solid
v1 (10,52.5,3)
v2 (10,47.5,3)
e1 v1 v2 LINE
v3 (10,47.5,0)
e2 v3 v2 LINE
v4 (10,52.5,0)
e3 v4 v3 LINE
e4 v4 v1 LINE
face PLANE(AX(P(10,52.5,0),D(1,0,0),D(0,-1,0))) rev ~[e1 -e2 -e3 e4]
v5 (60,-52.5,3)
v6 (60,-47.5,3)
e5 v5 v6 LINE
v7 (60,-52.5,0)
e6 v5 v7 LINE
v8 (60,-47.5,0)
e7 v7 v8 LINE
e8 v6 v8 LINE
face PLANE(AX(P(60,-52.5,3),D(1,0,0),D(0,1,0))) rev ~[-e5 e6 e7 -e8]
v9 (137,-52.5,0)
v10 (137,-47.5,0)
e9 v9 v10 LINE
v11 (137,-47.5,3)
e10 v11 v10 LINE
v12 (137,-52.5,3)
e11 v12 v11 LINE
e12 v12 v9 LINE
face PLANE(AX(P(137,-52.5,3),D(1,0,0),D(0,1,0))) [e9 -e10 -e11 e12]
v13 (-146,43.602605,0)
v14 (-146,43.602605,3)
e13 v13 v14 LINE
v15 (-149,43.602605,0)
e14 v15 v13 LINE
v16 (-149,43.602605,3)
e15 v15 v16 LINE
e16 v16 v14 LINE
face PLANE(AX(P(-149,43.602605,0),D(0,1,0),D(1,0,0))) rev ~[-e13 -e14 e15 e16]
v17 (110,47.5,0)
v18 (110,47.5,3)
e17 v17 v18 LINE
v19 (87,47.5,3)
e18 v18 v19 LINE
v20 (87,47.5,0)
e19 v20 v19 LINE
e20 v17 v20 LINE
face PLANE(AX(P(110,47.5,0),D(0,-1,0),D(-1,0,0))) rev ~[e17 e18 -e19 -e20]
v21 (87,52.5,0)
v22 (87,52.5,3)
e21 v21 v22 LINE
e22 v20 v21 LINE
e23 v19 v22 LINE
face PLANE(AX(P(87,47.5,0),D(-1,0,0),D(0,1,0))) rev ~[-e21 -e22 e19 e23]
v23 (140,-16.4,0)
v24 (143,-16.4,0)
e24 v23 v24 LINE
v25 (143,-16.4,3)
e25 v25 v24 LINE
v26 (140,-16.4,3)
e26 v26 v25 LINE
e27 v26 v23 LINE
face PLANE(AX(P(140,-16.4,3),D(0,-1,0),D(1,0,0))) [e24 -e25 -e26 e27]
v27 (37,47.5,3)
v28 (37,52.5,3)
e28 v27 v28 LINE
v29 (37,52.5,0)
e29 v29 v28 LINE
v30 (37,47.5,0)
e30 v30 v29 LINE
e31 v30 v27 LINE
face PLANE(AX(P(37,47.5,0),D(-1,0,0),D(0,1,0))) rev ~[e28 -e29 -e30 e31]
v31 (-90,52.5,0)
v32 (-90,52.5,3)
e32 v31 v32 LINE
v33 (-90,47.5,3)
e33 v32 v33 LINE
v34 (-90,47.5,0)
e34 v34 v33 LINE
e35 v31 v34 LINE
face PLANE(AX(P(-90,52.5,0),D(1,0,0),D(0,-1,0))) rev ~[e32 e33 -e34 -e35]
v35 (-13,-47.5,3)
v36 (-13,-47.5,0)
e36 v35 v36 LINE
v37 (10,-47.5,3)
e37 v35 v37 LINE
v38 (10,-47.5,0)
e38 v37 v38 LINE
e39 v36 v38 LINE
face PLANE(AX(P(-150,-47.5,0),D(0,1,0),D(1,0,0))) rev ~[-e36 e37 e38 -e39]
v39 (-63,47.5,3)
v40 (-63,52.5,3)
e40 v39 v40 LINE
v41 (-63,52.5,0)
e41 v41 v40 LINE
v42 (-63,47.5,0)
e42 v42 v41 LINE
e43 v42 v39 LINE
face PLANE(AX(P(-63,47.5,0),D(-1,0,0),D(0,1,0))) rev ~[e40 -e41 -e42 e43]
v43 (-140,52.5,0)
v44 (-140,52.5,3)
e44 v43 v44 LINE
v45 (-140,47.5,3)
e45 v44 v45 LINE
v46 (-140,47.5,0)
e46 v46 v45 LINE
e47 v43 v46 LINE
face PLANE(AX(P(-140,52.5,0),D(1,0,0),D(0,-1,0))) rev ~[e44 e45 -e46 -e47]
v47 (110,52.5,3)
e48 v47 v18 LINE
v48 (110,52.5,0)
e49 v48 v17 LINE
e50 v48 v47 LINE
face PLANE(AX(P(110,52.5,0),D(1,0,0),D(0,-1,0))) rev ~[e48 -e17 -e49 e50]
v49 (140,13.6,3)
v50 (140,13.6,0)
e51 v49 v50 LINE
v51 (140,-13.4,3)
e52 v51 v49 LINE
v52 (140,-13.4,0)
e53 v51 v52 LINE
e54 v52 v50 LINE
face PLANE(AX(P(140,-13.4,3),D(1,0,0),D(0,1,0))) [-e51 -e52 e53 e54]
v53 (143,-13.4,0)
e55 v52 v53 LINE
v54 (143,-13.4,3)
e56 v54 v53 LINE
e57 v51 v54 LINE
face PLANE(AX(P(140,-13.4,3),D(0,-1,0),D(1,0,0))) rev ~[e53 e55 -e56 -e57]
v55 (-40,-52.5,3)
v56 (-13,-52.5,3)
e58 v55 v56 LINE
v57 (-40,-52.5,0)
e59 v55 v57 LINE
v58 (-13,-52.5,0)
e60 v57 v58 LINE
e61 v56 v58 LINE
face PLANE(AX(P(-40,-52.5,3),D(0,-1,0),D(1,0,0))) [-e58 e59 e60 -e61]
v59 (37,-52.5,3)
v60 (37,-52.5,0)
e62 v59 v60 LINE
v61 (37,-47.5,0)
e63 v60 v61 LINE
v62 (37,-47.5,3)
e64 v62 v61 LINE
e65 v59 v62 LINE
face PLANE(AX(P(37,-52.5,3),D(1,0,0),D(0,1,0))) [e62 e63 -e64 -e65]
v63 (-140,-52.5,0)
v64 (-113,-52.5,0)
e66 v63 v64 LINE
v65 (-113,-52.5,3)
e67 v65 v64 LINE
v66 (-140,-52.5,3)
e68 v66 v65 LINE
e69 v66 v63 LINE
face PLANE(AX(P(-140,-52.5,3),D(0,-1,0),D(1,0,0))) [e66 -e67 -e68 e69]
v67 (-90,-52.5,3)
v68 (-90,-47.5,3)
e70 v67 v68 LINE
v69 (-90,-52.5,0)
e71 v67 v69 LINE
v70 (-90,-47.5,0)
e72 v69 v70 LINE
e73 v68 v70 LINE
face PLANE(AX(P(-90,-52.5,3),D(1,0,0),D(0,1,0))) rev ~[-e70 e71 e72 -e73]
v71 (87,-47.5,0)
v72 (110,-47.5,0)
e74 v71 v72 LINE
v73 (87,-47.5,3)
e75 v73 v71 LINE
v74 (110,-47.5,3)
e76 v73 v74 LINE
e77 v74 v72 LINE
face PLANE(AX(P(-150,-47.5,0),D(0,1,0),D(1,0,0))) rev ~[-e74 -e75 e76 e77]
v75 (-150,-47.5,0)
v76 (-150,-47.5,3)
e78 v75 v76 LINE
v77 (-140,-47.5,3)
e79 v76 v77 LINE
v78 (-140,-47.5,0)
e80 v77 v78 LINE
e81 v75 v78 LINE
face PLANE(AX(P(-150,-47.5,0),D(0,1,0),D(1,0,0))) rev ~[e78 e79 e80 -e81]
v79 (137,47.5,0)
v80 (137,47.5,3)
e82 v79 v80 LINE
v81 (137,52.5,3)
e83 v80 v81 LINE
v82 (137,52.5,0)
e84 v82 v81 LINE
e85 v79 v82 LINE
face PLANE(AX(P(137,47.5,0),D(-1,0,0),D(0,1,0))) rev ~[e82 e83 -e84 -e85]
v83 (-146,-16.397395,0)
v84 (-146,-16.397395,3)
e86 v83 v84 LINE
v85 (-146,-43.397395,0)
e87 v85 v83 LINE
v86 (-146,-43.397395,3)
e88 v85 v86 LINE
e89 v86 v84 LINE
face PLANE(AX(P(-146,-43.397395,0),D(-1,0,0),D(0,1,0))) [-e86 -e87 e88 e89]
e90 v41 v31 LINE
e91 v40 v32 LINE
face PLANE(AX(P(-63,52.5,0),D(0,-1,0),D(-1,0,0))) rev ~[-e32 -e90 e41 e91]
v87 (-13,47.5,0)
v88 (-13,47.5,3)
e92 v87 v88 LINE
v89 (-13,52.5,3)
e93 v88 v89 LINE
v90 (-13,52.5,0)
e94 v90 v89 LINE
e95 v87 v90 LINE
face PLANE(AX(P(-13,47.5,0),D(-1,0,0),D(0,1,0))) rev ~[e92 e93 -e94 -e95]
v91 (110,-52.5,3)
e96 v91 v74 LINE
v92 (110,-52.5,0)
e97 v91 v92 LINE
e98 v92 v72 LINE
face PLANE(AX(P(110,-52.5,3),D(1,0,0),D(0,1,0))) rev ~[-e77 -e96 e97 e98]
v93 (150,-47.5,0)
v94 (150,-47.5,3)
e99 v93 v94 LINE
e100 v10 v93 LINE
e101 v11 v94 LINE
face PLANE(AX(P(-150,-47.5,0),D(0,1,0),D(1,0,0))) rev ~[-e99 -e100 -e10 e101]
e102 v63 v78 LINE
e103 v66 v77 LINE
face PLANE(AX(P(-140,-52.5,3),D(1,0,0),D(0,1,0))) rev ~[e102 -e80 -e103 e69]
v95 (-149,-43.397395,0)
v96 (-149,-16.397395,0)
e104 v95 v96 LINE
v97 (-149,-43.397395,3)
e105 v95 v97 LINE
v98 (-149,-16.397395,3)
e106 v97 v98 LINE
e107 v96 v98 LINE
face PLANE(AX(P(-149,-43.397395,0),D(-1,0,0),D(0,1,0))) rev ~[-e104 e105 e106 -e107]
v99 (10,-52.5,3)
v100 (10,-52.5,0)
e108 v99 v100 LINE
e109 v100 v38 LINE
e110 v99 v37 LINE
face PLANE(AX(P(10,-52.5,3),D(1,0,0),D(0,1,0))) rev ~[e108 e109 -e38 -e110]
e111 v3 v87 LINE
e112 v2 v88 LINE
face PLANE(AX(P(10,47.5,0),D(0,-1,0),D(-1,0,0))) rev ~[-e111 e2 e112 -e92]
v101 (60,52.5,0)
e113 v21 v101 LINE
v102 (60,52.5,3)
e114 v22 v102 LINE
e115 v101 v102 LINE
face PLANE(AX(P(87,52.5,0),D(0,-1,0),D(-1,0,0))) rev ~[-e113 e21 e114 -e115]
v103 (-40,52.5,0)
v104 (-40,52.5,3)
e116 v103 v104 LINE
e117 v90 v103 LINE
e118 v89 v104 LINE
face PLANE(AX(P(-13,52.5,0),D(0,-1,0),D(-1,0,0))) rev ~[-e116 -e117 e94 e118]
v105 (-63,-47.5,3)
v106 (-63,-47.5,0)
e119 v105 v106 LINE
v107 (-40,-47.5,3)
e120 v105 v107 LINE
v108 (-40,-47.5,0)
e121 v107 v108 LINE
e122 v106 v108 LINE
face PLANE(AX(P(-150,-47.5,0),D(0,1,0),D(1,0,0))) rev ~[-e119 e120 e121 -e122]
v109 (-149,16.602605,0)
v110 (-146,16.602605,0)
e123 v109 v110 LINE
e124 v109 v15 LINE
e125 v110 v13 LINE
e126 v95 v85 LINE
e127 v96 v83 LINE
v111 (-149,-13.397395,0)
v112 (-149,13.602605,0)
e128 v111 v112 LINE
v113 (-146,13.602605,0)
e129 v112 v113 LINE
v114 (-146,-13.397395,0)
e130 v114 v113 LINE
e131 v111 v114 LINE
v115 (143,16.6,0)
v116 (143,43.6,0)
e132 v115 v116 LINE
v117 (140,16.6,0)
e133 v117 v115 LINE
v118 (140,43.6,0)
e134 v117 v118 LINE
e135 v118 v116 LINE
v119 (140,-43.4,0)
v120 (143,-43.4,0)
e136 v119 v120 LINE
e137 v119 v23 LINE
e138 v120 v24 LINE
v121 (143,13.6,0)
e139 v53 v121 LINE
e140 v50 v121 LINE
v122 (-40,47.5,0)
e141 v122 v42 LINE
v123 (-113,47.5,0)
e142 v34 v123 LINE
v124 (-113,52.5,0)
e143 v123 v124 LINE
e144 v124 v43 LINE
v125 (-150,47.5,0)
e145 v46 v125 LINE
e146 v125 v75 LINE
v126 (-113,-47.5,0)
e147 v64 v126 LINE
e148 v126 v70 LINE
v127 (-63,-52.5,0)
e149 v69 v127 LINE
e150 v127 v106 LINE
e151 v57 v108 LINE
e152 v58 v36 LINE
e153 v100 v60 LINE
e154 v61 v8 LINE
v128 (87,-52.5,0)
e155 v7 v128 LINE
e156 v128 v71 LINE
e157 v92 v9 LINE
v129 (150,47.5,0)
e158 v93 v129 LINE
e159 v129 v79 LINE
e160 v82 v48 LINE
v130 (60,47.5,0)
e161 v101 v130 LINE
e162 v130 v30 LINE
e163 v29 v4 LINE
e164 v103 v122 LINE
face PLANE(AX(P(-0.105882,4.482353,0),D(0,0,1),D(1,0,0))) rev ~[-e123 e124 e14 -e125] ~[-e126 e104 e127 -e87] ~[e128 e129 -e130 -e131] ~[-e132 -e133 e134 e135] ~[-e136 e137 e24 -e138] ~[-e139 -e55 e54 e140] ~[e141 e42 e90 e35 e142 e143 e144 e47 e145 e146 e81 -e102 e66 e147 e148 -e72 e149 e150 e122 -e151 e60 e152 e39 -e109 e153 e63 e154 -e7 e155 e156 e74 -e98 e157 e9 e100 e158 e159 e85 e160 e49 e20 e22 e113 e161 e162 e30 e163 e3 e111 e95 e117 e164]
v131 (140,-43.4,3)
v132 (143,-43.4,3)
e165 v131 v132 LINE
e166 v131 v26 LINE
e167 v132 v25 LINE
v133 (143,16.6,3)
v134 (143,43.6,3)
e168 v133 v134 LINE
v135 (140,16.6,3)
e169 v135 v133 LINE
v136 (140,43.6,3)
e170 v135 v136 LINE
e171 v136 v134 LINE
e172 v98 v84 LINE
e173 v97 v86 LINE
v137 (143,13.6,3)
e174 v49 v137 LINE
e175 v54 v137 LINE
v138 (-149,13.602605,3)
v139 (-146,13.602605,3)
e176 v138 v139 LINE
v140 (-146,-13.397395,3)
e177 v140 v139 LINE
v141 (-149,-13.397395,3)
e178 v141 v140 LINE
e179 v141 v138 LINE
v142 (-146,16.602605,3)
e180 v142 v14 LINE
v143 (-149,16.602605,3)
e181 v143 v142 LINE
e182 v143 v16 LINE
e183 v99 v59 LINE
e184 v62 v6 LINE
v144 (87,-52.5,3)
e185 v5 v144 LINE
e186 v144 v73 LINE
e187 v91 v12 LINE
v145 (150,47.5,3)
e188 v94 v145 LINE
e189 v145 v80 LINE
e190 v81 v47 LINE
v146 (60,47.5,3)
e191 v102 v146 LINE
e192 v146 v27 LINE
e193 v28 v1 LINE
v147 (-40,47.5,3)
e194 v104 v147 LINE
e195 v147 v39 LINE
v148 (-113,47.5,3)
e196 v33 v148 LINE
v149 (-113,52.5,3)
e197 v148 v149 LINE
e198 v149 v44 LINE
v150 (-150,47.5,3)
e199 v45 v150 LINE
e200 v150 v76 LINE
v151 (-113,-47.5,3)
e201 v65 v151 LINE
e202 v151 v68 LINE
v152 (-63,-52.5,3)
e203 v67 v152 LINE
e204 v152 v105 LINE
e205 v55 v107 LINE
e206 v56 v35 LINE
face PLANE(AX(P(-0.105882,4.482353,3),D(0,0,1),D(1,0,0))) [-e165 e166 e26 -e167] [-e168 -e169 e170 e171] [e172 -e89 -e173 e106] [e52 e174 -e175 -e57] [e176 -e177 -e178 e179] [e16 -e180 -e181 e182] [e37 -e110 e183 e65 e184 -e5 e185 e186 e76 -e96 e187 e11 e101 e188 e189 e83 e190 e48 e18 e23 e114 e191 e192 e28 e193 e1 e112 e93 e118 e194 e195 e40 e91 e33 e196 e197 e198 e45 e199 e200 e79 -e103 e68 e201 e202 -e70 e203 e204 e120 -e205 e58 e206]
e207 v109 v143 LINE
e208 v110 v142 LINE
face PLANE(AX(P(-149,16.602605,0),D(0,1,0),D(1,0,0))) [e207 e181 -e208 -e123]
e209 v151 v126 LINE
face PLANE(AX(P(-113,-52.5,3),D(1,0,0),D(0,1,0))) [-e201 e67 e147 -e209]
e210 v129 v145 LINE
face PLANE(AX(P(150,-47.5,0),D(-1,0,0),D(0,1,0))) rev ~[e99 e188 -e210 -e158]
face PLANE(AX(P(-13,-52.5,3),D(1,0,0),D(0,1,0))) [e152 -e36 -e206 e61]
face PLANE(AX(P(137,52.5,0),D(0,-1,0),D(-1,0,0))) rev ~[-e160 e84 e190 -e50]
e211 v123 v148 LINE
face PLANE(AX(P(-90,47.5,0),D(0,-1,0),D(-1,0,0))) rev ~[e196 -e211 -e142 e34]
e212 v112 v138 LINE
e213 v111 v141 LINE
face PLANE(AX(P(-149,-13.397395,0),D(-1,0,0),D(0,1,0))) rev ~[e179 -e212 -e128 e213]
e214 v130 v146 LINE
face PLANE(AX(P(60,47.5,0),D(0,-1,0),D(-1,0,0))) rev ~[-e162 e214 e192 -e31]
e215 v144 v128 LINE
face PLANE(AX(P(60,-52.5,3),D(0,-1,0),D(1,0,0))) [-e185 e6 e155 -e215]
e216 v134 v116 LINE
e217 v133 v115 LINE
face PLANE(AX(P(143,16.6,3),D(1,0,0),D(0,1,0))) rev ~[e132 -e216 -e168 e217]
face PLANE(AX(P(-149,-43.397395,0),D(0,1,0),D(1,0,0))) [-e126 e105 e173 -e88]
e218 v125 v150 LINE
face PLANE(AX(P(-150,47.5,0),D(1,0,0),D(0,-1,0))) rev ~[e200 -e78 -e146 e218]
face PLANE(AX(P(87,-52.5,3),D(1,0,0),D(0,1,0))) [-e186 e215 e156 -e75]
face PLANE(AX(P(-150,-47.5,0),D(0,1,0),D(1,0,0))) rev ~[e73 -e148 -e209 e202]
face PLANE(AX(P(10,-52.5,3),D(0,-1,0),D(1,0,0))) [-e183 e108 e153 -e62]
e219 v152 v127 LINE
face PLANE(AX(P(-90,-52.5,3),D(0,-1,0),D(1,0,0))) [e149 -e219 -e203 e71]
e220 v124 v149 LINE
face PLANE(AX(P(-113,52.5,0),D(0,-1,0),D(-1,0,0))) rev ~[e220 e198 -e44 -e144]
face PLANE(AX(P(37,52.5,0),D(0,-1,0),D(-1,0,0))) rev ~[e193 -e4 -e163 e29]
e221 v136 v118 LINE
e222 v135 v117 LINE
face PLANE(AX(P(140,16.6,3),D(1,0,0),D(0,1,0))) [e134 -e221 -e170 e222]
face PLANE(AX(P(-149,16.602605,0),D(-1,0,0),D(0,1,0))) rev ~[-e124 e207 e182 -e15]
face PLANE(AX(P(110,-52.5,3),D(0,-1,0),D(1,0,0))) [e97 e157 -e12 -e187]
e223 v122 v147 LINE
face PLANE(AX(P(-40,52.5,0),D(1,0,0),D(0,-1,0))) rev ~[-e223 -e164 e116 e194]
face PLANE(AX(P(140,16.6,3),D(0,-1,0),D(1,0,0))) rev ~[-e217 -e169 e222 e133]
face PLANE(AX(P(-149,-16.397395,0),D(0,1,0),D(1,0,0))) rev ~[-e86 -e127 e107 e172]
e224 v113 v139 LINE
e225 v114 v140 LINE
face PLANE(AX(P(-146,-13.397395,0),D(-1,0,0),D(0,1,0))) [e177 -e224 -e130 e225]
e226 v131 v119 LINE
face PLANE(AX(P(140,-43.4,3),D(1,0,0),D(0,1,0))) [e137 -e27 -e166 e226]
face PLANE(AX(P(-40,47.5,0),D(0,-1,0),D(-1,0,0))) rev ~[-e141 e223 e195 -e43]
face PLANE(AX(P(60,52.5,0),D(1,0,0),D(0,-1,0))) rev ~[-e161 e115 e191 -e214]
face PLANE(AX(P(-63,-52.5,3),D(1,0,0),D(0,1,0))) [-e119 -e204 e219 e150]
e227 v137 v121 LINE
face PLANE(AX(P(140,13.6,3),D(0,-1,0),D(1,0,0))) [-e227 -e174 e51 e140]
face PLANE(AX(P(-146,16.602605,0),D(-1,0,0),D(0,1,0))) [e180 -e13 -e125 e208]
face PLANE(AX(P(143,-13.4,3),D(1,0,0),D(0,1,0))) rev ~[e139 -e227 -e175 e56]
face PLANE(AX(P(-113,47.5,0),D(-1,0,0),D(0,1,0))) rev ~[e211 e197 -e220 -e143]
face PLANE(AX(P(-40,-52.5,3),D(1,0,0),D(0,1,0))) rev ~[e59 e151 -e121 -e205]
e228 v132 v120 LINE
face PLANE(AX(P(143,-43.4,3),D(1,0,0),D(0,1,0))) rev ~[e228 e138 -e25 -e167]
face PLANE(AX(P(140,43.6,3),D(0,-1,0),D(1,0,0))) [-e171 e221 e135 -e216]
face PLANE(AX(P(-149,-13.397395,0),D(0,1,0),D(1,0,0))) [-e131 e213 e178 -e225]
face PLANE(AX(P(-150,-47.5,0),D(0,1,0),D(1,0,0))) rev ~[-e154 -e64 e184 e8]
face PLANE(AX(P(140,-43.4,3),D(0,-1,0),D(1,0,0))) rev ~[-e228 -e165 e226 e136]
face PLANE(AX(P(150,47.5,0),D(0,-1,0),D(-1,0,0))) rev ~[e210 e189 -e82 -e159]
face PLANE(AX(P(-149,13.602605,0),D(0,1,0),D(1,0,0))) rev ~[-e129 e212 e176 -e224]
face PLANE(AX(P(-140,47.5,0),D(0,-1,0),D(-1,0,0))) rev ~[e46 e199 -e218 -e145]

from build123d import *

# Parameters (mm, degrees)
SKETCH1_W           = 3
SKETCH1_H           = 27
BOSS_EXTRUDE1_DEPTH = 3
SKETCH2_W           = 3
SKETCH2_H           = 27
CUT_EXTRUDE1_DEPTH  = 10
SKETCH3_W           = 27
SKETCH3_H           = 5
BOSS_EXTRUDE3_DEPTH = 3


with BuildPart() as part:
    # Sketch1 → Boss-Extrude1 (new body)
    with BuildSketch(Plane.XY):
        Polygon((-90, 52.5), (-90, 47.5), (-113, 47.5), (-113, 52.5), (-140, 52.5), (-140, 47.5), (-150, 47.5), (-150, -47.5), (150, -47.5), (150, 47.5), (137, 47.5), (137, 52.5), (110, 52.5), (110, 47.5), (87, 47.5), (87, 52.5), (60, 52.5), (60, 47.5), (37, 47.5), (37, 52.5), (10, 52.5), (10, 47.5), (-13, 47.5), (-13, 52.5), (-40, 52.5), (-40, 47.5), (-63, 47.5), (-63, 52.5), align=None)
        with Locations((-147.5, 30.102605219)):
            Rectangle(SKETCH1_W, SKETCH1_H, mode=Mode.SUBTRACT)
        with Locations((-147.5, -29.897394781)):
            Rectangle(SKETCH1_W, SKETCH1_H, mode=Mode.SUBTRACT)
        with Locations((-147.5, 0.102605219)):
            Rectangle(SKETCH1_W, SKETCH1_H, mode=Mode.SUBTRACT)
    extrude(amount=BOSS_EXTRUDE1_DEPTH)

    # Sketch2 → Cut-Extrude1 (cut)
    with BuildSketch(Plane.XY.offset(3)):
        with Locations((141.5, 30.1)):
            Rectangle(SKETCH2_W, SKETCH2_H)
        with Locations((141.5, 0.1)):
            Rectangle(SKETCH2_W, SKETCH2_H)
        with Locations((141.5, -29.9)):
            Rectangle(SKETCH2_W, SKETCH2_H)
    extrude(amount=-CUT_EXTRUDE1_DEPTH, mode=Mode.SUBTRACT)

    # Sketch3 → Boss-Extrude3 (add)
    with BuildSketch(Plane.XY.offset(3)):
        with Locations((-126.5, -50)):
            Rectangle(SKETCH3_W, SKETCH3_H)
        with Locations((-76.5, -50)):
            Rectangle(SKETCH3_W, SKETCH3_H)
        with Locations((-26.5, -50)):
            Rectangle(SKETCH3_W, SKETCH3_H)
        with Locations((23.5, -50)):
            Rectangle(SKETCH3_W, SKETCH3_H)
        with Locations((73.5, -50)):
            Rectangle(SKETCH3_W, SKETCH3_H)
        with Locations((123.5, -50)):
            Rectangle(SKETCH3_W, SKETCH3_H)
    extrude(amount=-BOSS_EXTRUDE3_DEPTH)


solid = part.part
